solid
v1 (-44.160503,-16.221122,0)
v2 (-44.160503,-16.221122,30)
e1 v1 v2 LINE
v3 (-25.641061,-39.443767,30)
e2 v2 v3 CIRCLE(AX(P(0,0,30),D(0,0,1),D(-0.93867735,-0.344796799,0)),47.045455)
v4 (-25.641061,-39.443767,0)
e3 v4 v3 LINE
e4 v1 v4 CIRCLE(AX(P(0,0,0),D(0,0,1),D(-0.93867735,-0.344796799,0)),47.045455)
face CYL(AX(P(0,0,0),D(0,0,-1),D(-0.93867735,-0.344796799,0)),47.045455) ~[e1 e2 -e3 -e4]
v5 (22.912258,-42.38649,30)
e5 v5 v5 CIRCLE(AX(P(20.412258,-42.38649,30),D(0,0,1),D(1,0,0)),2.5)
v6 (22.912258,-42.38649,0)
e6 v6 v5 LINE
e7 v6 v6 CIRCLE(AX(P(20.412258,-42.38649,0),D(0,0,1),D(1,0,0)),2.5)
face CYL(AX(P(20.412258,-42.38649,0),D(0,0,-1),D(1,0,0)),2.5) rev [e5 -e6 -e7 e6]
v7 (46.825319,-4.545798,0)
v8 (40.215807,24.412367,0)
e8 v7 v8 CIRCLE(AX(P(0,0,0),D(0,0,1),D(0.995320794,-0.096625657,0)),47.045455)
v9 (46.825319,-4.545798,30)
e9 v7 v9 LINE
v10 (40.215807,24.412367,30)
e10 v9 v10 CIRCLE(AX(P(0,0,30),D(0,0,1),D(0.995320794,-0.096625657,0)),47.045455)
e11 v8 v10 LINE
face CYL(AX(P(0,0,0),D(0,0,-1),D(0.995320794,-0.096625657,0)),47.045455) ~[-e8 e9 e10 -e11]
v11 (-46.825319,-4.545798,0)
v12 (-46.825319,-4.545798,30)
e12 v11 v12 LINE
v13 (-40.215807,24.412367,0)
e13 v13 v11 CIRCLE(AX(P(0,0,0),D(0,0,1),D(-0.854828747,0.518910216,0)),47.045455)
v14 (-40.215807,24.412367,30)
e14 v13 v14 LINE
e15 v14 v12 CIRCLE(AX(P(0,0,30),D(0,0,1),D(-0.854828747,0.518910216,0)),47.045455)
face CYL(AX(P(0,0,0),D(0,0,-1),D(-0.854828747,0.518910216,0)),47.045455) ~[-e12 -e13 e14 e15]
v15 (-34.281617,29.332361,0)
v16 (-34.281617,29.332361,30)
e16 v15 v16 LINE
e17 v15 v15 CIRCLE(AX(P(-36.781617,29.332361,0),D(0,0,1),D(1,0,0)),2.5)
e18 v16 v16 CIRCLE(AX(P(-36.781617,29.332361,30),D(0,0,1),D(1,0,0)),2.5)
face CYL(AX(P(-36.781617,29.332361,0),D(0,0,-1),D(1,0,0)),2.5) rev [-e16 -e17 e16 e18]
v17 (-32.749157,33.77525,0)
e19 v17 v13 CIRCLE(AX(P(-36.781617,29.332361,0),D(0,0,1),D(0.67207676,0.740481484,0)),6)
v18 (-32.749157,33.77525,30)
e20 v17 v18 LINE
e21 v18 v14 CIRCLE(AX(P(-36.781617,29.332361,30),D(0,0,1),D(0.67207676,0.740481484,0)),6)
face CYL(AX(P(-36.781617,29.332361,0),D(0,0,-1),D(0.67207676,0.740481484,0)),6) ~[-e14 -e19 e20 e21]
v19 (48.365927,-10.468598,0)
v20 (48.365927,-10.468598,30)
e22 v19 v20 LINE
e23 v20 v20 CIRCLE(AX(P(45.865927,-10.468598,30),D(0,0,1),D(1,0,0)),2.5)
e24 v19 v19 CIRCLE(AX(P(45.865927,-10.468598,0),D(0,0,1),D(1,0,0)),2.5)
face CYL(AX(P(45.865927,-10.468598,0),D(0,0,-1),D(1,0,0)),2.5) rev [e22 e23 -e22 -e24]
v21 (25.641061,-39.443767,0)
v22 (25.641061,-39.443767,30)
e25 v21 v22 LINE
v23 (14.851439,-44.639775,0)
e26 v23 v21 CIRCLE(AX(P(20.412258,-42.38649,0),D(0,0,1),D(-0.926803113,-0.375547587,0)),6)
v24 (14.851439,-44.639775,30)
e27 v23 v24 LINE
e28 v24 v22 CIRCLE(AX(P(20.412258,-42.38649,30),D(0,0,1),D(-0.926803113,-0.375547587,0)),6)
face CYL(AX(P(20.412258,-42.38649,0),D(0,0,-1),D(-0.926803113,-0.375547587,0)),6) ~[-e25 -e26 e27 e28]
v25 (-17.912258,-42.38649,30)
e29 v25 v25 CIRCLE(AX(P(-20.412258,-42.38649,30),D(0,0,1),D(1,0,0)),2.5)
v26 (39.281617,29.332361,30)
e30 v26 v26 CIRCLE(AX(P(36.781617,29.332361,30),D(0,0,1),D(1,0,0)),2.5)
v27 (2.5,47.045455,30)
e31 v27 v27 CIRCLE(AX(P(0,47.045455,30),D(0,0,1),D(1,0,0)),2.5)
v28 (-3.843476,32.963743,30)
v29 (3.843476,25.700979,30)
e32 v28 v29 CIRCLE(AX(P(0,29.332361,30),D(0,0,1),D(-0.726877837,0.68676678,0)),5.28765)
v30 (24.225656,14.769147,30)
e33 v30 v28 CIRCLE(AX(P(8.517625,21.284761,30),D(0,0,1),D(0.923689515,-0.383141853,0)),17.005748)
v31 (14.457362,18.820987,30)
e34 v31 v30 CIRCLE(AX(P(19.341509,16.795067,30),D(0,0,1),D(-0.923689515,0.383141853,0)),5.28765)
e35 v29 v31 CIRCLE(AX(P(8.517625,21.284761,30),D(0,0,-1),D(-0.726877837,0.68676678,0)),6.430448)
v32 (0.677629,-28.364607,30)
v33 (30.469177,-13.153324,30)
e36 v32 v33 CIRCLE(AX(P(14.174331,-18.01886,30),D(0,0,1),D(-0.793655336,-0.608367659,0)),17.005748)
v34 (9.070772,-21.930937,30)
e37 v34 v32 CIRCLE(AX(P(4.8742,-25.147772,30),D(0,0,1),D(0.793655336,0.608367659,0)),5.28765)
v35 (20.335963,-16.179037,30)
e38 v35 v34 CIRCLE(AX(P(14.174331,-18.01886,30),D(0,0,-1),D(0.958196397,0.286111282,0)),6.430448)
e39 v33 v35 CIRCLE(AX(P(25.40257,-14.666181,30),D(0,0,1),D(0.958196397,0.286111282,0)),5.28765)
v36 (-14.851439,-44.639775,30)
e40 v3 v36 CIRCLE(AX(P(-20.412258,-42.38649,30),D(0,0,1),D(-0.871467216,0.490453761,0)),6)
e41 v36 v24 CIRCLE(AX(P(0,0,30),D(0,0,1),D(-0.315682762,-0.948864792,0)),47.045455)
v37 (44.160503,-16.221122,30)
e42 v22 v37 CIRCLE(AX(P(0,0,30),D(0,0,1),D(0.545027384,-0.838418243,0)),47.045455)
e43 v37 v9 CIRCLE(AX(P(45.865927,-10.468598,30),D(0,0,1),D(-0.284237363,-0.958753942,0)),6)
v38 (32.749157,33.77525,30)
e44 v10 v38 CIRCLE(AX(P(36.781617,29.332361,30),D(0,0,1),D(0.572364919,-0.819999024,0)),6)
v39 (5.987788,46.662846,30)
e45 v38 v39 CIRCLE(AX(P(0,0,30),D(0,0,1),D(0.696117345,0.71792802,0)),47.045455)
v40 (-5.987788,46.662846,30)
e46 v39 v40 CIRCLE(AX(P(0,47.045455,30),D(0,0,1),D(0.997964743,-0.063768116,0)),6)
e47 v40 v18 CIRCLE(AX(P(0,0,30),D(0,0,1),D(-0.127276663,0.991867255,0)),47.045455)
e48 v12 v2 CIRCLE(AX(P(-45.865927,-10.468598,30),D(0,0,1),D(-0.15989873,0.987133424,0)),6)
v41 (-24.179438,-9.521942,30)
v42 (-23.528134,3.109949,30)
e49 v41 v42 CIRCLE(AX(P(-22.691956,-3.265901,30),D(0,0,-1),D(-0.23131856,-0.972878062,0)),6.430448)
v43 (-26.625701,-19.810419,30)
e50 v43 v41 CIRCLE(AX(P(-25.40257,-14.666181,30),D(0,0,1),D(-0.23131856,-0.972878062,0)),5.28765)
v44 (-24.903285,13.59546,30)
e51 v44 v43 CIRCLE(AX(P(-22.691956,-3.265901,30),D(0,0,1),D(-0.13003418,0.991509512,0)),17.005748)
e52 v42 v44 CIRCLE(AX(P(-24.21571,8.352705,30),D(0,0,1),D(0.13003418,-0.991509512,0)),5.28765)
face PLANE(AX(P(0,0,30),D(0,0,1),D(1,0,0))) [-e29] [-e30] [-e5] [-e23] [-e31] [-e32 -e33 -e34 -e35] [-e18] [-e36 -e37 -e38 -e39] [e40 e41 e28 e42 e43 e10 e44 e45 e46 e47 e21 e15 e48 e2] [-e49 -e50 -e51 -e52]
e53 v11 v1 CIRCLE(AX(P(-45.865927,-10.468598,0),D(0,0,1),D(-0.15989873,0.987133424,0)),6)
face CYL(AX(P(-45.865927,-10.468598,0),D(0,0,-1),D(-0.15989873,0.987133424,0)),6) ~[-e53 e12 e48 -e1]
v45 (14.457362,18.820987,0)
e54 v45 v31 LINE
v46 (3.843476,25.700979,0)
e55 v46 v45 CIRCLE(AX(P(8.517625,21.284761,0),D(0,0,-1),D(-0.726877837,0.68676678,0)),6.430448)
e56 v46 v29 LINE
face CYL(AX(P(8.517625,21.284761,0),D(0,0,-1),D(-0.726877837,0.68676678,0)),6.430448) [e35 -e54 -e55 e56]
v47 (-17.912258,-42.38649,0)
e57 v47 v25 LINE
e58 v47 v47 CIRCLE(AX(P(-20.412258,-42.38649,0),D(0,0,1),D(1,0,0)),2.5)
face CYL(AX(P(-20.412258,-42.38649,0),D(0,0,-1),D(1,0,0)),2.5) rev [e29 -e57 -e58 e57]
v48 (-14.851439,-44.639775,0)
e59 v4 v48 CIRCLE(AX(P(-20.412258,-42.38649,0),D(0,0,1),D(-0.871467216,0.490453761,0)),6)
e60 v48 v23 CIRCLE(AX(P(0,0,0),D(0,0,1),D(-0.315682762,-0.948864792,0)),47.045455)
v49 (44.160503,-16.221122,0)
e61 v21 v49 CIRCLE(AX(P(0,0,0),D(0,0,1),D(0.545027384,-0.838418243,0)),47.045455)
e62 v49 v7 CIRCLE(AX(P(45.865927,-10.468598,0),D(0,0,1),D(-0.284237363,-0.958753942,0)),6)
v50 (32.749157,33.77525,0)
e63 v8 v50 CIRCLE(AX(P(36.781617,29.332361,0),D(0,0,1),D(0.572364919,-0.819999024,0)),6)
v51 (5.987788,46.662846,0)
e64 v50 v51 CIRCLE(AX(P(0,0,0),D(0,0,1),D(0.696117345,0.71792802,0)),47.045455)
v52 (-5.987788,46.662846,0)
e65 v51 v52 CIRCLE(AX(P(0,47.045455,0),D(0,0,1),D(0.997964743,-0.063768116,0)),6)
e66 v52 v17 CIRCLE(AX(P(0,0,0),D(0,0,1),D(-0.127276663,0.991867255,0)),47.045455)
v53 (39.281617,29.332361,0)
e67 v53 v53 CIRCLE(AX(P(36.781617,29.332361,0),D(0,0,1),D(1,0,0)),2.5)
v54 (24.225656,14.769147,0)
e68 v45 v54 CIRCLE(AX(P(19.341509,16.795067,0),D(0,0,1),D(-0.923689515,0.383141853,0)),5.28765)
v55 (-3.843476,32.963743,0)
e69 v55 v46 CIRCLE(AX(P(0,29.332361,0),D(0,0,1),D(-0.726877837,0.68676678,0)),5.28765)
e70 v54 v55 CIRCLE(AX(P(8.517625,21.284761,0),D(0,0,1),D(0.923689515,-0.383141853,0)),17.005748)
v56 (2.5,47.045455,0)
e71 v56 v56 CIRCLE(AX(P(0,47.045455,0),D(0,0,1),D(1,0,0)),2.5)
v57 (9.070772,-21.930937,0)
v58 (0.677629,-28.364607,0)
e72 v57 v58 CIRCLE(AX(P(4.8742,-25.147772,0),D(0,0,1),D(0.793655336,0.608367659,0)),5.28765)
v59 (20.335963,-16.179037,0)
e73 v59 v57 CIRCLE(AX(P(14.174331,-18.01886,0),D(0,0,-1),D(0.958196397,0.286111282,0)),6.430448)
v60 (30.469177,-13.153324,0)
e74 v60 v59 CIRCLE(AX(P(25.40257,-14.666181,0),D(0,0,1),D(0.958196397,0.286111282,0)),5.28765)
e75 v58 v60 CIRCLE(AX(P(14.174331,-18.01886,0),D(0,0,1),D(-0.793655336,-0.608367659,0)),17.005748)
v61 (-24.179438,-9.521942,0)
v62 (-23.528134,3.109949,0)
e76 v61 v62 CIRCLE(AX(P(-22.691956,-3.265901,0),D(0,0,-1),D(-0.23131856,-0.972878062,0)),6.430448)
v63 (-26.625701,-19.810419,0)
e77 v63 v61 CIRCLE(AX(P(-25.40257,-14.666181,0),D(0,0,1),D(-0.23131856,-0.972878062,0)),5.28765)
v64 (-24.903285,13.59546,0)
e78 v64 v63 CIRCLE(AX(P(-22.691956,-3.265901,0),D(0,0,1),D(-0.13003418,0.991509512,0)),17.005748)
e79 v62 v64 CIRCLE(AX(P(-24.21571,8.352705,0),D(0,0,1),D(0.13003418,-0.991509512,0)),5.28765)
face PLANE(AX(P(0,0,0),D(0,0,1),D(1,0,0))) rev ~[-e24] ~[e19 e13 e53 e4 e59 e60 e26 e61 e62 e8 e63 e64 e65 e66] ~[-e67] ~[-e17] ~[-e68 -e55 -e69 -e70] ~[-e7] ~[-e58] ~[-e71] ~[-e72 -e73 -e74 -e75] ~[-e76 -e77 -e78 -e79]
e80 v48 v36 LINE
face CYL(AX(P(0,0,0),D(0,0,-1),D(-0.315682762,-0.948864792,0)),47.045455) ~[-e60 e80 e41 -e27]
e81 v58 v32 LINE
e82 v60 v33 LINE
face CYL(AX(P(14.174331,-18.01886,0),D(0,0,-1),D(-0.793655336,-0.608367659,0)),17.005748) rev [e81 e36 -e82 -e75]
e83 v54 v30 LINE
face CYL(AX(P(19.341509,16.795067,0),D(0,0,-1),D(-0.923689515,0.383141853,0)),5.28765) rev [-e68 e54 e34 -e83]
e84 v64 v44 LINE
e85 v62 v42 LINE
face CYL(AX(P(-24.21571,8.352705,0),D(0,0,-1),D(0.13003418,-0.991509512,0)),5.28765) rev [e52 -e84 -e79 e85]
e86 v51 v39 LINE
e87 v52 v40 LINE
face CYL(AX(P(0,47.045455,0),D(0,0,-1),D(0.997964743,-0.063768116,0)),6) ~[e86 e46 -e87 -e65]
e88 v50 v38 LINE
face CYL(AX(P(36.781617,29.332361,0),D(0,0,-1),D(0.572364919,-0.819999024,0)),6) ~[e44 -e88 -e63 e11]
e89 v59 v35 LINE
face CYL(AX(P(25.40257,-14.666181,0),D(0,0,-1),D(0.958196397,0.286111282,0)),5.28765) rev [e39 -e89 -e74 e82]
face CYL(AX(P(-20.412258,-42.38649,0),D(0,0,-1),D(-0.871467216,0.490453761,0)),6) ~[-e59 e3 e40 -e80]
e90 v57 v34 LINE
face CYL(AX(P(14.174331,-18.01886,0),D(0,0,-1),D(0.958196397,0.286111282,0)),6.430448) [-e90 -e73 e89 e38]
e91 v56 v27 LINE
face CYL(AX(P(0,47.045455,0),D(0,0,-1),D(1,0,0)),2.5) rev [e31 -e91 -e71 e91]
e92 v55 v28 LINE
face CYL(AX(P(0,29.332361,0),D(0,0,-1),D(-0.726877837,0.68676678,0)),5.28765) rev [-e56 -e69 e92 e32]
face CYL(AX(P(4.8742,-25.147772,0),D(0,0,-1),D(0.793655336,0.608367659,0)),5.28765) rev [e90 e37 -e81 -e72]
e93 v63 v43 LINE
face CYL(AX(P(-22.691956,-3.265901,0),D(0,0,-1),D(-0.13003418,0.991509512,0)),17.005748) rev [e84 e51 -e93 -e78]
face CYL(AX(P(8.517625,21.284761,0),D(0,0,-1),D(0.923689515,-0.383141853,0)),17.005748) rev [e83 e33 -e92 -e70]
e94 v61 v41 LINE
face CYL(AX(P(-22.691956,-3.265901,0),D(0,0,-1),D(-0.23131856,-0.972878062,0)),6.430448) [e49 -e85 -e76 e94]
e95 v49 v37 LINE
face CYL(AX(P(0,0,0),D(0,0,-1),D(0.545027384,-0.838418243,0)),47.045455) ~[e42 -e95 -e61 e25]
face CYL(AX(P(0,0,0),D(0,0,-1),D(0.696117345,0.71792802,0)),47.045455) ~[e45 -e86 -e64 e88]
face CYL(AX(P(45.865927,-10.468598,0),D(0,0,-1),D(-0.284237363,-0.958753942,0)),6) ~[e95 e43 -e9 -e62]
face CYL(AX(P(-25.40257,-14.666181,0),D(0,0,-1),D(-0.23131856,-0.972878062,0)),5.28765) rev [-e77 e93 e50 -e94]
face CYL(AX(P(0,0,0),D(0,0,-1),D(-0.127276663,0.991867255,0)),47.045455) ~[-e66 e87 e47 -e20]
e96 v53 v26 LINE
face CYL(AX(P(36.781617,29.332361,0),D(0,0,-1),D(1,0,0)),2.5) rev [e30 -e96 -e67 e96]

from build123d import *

# Parameters (mm, degrees)
SKETCH1_R           = 2.5
BOSS_EXTRUDE1_DEPTH = 30


with BuildPart() as part:
    # Sketch1 → Boss-Extrude1 (new body)
    with BuildSketch(Plane.XY):
        with BuildLine():
            ThreePointArc((5.987788455, 46.66284585), (0, 53.045454545), (-5.987788455, 46.66284585))
            ThreePointArc((-5.987788455, 46.66284585), (-20.412257727, 42.386489922), (-32.749156909, 33.775250038))
            ThreePointArc((-32.749156909, 33.775250038), (-41.472606365, 33.073299944), (-40.215806985, 24.412366988))
            ThreePointArc((-40.215806985, 24.412366988), (-45.865926778, 10.468598484), (-46.82531916, -4.545797942))
            ThreePointArc((-46.82531916, -4.545797942), (-51.715494251, -11.803724088), (-44.160502601, -16.221122137))
            ThreePointArc((-44.160502601, -16.221122137), (-36.781617471, -29.332361133), (-25.641061021, -39.443767354))
            ThreePointArc((-25.641061021, -39.443767354), (-23.015560161, -47.792303129), (-14.851439049, -44.639775442))
            ThreePointArc((-14.851439049, -44.639775442), (0, -47.045454545), (14.851439049, -44.639775442))
            ThreePointArc((14.851439049, -44.639775442), (23.015560161, -47.792303129), (25.641061021, -39.443767354))
            ThreePointArc((25.641061021, -39.443767354), (36.781617471, -29.332361133), (44.160502601, -16.221122137))
            ThreePointArc((44.160502601, -16.221122137), (51.715494251, -11.803724088), (46.82531916, -4.545797942))
            ThreePointArc((46.82531916, -4.545797942), (45.865926778, 10.468598484), (40.215806985, 24.412366988))
            ThreePointArc((40.215806985, 24.412366988), (41.472606365, 33.073299944), (32.749156909, 33.775250038))
            ThreePointArc((32.749156909, 33.775250038), (20.412257727, 42.386489922), (5.987788455, 46.66284585))
        make_face()
        with Locations((0, 47.045454545)):
            Circle(SKETCH1_R, mode=Mode.SUBTRACT)
        with Locations((36.781617471, 29.332361133)):
            Circle(SKETCH1_R, mode=Mode.SUBTRACT)
        with Locations((45.865926778, -10.468598484)):
            Circle(SKETCH1_R, mode=Mode.SUBTRACT)
        with Locations((20.412257727, -42.386489922)):
            Circle(SKETCH1_R, mode=Mode.SUBTRACT)
        with Locations((-20.412257727, -42.386489922)):
            Circle(SKETCH1_R, mode=Mode.SUBTRACT)
        with Locations((-36.781617471, 29.332361133)):
            Circle(SKETCH1_R, mode=Mode.SUBTRACT)
        with BuildLine():
            ThreePointArc((0.677628824, -28.364607267), (21.907582959, -33.164561623), (30.469177048, -13.153324254))
            ThreePointArc((30.469177048, -13.153324254), (23.889713582, -9.599573413), (20.33596274, -16.179036879))
            ThreePointArc((20.33596274, -16.179036879), (17.098534821, -23.745961668), (9.070772057, -21.930936793))
            ThreePointArc((9.070772057, -21.930936793), (1.657365204, -20.951200413), (0.677628824, -28.364607267))
        make_face(mode=Mode.SUBTRACT)
        with BuildLine():
            ThreePointArc((24.225656049, 14.769147409), (17.767561392, 35.554804189), (-3.843475576, 32.963743483))
            ThreePointArc((-3.843475576, 32.963743483), (-3.63138235, 25.488885557), (3.843475576, 25.700978783))
            ThreePointArc((3.843475576, 25.700978783), (12.015338631, 26.680746357), (14.457362363, 18.82098743))
            ThreePointArc((14.457362363, 18.82098743), (17.315589196, 11.910920576), (24.225656049, 14.769147409))
        make_face(mode=Mode.SUBTRACT)
        with BuildLine():
            ThreePointArc((-24.903284873, 13.595459858), (-39.67514435, -2.390242566), (-26.625701472, -19.810419229))
            ThreePointArc((-26.625701472, -19.810419229), (-20.258331232, -15.889312144), (-24.179438316, -9.521941904))
            ThreePointArc((-24.179438316, -9.521941904), (-29.113873453, -2.934784689), (-23.52813442, 3.109949364))
            ThreePointArc((-23.52813442, 3.109949364), (-18.9729544, 9.040279837), (-24.903284873, 13.595459858))
        make_face(mode=Mode.SUBTRACT)
    extrude(amount=BOSS_EXTRUDE1_DEPTH)


solid = part.part
